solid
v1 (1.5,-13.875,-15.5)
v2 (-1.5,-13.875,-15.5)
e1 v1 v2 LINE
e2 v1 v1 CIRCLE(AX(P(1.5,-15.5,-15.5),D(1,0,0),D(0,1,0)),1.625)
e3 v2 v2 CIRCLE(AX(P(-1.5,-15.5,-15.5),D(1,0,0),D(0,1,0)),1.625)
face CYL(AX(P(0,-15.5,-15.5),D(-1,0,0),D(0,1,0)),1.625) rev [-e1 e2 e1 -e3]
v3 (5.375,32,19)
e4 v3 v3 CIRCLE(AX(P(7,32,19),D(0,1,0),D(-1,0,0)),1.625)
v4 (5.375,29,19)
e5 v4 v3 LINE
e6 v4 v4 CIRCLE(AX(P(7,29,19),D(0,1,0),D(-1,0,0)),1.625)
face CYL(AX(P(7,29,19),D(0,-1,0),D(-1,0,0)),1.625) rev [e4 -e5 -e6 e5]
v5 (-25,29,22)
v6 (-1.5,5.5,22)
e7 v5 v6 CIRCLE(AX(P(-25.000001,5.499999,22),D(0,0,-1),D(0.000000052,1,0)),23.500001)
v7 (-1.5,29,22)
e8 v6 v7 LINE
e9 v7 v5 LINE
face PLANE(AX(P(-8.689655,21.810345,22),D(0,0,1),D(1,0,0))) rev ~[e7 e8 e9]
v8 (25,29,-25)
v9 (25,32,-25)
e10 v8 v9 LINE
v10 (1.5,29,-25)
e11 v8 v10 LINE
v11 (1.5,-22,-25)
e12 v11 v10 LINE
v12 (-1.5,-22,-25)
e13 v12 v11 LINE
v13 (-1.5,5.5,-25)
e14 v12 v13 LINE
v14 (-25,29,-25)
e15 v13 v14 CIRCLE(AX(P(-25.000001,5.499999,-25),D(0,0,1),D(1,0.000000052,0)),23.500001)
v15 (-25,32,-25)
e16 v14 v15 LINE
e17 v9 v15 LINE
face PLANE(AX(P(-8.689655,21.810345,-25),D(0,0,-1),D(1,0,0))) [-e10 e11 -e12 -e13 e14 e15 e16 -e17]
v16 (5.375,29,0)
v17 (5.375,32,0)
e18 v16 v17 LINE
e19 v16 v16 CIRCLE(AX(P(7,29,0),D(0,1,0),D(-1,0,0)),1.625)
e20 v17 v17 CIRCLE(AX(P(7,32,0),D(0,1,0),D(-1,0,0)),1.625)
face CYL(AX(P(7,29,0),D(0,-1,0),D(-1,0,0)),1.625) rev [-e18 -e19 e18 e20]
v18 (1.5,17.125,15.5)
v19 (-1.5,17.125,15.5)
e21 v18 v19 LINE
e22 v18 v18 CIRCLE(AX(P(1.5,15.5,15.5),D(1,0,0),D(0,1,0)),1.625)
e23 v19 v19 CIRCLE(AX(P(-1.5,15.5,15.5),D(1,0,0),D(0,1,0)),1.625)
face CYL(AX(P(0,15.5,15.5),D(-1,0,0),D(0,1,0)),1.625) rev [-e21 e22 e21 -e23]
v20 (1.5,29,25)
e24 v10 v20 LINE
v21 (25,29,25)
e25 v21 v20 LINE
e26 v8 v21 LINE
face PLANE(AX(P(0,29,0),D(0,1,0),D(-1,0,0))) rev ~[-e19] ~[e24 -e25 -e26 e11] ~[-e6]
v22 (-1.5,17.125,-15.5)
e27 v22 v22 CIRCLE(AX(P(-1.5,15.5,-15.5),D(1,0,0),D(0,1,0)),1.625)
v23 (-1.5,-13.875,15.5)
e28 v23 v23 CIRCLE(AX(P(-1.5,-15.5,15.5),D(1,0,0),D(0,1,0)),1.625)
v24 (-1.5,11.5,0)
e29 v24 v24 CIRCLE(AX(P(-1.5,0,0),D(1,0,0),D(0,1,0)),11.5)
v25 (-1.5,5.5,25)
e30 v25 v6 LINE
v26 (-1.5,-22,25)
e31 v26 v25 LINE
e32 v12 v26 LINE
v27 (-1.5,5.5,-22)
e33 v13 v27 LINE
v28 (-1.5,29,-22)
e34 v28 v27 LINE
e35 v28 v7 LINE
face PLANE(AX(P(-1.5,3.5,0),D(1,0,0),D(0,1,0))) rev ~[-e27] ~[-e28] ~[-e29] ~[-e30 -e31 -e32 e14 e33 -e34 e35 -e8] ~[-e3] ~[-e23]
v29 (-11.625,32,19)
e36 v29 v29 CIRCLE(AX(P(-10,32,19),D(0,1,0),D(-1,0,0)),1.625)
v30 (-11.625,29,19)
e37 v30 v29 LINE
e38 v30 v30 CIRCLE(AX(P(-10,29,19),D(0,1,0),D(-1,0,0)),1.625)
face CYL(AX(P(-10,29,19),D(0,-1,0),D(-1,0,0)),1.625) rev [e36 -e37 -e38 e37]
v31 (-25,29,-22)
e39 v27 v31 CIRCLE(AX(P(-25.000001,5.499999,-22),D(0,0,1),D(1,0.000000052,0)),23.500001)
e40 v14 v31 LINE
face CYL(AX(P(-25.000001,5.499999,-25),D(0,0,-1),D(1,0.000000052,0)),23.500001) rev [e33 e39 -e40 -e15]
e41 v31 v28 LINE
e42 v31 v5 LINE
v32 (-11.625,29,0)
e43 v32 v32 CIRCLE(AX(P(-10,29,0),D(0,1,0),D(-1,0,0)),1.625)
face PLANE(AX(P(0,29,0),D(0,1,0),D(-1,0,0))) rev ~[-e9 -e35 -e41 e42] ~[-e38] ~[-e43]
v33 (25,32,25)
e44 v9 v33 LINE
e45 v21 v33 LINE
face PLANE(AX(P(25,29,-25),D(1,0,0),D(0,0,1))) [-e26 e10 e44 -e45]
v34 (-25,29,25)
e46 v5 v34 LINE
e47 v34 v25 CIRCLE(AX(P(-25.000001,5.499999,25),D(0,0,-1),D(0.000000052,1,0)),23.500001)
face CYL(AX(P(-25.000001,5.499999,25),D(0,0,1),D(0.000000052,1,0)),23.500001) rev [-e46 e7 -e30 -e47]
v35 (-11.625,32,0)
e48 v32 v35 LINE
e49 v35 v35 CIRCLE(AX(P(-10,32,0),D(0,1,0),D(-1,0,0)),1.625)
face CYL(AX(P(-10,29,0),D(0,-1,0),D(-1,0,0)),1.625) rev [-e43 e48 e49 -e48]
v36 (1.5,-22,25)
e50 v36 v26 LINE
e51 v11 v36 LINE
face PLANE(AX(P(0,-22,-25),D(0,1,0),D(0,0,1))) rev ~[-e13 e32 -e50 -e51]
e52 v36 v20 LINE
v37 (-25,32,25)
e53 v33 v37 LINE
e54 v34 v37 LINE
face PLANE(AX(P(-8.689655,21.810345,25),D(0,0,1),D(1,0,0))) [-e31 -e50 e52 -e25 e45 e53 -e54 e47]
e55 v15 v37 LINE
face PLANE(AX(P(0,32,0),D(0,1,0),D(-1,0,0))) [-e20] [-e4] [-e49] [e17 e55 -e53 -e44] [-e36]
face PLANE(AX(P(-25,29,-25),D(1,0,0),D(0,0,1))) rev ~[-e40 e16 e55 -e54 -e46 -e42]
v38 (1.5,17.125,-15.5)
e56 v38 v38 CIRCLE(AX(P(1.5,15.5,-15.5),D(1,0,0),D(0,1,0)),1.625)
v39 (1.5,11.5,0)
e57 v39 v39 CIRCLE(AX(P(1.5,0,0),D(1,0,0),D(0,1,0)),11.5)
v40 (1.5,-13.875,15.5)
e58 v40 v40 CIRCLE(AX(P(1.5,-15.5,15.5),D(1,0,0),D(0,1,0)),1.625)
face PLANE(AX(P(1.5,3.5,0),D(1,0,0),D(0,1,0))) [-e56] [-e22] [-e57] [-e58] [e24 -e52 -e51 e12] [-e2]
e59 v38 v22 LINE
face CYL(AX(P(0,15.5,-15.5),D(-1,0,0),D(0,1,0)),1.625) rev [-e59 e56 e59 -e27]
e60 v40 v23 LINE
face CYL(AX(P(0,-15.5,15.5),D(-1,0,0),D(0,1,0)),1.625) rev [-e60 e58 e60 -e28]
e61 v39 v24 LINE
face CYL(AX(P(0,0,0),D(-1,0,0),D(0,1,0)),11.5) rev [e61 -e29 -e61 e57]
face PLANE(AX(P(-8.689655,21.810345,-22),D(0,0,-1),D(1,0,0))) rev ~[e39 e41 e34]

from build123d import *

# Parameters (mm, degrees)
F0_W     = 51
F0_H     = 50
F0_R     = 1.625
F0_R_2   = 11.5
F1_DEPTH = 1.5
F2_W     = 50
F2_H     = 50
F2_R     = 1.625
F3_DEPTH = 3
F6_DEPTH = 3
F7_DEPTH = 3


with BuildPart() as f1:
    # F0 (on Right) → F1 (new body, symmetric)
    with BuildSketch(Plane.YZ):
        with Locations((3.5, 0)):
            Rectangle(F0_W, F0_H)
        with Locations((-15.5, -15.5)):
            Circle(F0_R, mode=Mode.SUBTRACT)
        with Locations((15.5, -15.5)):
            Circle(F0_R, mode=Mode.SUBTRACT)
        Circle(F0_R_2, mode=Mode.SUBTRACT)
        with Locations((-15.5, 15.5)):
            Circle(F0_R, mode=Mode.SUBTRACT)
        with Locations((15.5, 15.5)):
            Circle(F0_R, mode=Mode.SUBTRACT)
    extrude(amount=F1_DEPTH, both=True)

    # F2 (on face) → F3 (join)
    with BuildSketch(Plane(origin=(0, 29, 0), x_dir=(-1, 0, 0), z_dir=(0, 1, 0))):
        Rectangle(F2_W, F2_H)
        with Locations((-7, 0)):
            Circle(F2_R, mode=Mode.SUBTRACT)
        with Locations((-7, 19)):
            Circle(F2_R, mode=Mode.SUBTRACT)
        with Locations((10, 0)):
            Circle(F2_R, mode=Mode.SUBTRACT)
        with Locations((10, 19)):
            Circle(F2_R, mode=Mode.SUBTRACT)
    extrude(amount=F3_DEPTH)

    # F5 (on face) → F6 (join)
    with BuildSketch(Plane.XY.offset(25)):
        with BuildLine():
            ThreePointArc((-25, 29), (-8.382991, 22.117009), (-1.5, 5.5))
            Line((-1.5, 5.5), (-1.5, 29))
            Line((-1.5, 29), (-25, 29))
        make_face()
    extrude(amount=-F6_DEPTH)

    # F4 (on face) → F7 (join)
    with BuildSketch(Plane(origin=(0, 0, -25), x_dir=(1, 0, 0), z_dir=(0, 0, -1))):
        with BuildLine():
            ThreePointArc((-1.5, -5.5), (-8.382991, -22.117009), (-25, -29))
            Line((-25, -29), (-1.5, -29))
            Line((-1.5, -29), (-1.5, -5.5))
        make_face()
    extrude(amount=-F7_DEPTH)


solid = f1.part
